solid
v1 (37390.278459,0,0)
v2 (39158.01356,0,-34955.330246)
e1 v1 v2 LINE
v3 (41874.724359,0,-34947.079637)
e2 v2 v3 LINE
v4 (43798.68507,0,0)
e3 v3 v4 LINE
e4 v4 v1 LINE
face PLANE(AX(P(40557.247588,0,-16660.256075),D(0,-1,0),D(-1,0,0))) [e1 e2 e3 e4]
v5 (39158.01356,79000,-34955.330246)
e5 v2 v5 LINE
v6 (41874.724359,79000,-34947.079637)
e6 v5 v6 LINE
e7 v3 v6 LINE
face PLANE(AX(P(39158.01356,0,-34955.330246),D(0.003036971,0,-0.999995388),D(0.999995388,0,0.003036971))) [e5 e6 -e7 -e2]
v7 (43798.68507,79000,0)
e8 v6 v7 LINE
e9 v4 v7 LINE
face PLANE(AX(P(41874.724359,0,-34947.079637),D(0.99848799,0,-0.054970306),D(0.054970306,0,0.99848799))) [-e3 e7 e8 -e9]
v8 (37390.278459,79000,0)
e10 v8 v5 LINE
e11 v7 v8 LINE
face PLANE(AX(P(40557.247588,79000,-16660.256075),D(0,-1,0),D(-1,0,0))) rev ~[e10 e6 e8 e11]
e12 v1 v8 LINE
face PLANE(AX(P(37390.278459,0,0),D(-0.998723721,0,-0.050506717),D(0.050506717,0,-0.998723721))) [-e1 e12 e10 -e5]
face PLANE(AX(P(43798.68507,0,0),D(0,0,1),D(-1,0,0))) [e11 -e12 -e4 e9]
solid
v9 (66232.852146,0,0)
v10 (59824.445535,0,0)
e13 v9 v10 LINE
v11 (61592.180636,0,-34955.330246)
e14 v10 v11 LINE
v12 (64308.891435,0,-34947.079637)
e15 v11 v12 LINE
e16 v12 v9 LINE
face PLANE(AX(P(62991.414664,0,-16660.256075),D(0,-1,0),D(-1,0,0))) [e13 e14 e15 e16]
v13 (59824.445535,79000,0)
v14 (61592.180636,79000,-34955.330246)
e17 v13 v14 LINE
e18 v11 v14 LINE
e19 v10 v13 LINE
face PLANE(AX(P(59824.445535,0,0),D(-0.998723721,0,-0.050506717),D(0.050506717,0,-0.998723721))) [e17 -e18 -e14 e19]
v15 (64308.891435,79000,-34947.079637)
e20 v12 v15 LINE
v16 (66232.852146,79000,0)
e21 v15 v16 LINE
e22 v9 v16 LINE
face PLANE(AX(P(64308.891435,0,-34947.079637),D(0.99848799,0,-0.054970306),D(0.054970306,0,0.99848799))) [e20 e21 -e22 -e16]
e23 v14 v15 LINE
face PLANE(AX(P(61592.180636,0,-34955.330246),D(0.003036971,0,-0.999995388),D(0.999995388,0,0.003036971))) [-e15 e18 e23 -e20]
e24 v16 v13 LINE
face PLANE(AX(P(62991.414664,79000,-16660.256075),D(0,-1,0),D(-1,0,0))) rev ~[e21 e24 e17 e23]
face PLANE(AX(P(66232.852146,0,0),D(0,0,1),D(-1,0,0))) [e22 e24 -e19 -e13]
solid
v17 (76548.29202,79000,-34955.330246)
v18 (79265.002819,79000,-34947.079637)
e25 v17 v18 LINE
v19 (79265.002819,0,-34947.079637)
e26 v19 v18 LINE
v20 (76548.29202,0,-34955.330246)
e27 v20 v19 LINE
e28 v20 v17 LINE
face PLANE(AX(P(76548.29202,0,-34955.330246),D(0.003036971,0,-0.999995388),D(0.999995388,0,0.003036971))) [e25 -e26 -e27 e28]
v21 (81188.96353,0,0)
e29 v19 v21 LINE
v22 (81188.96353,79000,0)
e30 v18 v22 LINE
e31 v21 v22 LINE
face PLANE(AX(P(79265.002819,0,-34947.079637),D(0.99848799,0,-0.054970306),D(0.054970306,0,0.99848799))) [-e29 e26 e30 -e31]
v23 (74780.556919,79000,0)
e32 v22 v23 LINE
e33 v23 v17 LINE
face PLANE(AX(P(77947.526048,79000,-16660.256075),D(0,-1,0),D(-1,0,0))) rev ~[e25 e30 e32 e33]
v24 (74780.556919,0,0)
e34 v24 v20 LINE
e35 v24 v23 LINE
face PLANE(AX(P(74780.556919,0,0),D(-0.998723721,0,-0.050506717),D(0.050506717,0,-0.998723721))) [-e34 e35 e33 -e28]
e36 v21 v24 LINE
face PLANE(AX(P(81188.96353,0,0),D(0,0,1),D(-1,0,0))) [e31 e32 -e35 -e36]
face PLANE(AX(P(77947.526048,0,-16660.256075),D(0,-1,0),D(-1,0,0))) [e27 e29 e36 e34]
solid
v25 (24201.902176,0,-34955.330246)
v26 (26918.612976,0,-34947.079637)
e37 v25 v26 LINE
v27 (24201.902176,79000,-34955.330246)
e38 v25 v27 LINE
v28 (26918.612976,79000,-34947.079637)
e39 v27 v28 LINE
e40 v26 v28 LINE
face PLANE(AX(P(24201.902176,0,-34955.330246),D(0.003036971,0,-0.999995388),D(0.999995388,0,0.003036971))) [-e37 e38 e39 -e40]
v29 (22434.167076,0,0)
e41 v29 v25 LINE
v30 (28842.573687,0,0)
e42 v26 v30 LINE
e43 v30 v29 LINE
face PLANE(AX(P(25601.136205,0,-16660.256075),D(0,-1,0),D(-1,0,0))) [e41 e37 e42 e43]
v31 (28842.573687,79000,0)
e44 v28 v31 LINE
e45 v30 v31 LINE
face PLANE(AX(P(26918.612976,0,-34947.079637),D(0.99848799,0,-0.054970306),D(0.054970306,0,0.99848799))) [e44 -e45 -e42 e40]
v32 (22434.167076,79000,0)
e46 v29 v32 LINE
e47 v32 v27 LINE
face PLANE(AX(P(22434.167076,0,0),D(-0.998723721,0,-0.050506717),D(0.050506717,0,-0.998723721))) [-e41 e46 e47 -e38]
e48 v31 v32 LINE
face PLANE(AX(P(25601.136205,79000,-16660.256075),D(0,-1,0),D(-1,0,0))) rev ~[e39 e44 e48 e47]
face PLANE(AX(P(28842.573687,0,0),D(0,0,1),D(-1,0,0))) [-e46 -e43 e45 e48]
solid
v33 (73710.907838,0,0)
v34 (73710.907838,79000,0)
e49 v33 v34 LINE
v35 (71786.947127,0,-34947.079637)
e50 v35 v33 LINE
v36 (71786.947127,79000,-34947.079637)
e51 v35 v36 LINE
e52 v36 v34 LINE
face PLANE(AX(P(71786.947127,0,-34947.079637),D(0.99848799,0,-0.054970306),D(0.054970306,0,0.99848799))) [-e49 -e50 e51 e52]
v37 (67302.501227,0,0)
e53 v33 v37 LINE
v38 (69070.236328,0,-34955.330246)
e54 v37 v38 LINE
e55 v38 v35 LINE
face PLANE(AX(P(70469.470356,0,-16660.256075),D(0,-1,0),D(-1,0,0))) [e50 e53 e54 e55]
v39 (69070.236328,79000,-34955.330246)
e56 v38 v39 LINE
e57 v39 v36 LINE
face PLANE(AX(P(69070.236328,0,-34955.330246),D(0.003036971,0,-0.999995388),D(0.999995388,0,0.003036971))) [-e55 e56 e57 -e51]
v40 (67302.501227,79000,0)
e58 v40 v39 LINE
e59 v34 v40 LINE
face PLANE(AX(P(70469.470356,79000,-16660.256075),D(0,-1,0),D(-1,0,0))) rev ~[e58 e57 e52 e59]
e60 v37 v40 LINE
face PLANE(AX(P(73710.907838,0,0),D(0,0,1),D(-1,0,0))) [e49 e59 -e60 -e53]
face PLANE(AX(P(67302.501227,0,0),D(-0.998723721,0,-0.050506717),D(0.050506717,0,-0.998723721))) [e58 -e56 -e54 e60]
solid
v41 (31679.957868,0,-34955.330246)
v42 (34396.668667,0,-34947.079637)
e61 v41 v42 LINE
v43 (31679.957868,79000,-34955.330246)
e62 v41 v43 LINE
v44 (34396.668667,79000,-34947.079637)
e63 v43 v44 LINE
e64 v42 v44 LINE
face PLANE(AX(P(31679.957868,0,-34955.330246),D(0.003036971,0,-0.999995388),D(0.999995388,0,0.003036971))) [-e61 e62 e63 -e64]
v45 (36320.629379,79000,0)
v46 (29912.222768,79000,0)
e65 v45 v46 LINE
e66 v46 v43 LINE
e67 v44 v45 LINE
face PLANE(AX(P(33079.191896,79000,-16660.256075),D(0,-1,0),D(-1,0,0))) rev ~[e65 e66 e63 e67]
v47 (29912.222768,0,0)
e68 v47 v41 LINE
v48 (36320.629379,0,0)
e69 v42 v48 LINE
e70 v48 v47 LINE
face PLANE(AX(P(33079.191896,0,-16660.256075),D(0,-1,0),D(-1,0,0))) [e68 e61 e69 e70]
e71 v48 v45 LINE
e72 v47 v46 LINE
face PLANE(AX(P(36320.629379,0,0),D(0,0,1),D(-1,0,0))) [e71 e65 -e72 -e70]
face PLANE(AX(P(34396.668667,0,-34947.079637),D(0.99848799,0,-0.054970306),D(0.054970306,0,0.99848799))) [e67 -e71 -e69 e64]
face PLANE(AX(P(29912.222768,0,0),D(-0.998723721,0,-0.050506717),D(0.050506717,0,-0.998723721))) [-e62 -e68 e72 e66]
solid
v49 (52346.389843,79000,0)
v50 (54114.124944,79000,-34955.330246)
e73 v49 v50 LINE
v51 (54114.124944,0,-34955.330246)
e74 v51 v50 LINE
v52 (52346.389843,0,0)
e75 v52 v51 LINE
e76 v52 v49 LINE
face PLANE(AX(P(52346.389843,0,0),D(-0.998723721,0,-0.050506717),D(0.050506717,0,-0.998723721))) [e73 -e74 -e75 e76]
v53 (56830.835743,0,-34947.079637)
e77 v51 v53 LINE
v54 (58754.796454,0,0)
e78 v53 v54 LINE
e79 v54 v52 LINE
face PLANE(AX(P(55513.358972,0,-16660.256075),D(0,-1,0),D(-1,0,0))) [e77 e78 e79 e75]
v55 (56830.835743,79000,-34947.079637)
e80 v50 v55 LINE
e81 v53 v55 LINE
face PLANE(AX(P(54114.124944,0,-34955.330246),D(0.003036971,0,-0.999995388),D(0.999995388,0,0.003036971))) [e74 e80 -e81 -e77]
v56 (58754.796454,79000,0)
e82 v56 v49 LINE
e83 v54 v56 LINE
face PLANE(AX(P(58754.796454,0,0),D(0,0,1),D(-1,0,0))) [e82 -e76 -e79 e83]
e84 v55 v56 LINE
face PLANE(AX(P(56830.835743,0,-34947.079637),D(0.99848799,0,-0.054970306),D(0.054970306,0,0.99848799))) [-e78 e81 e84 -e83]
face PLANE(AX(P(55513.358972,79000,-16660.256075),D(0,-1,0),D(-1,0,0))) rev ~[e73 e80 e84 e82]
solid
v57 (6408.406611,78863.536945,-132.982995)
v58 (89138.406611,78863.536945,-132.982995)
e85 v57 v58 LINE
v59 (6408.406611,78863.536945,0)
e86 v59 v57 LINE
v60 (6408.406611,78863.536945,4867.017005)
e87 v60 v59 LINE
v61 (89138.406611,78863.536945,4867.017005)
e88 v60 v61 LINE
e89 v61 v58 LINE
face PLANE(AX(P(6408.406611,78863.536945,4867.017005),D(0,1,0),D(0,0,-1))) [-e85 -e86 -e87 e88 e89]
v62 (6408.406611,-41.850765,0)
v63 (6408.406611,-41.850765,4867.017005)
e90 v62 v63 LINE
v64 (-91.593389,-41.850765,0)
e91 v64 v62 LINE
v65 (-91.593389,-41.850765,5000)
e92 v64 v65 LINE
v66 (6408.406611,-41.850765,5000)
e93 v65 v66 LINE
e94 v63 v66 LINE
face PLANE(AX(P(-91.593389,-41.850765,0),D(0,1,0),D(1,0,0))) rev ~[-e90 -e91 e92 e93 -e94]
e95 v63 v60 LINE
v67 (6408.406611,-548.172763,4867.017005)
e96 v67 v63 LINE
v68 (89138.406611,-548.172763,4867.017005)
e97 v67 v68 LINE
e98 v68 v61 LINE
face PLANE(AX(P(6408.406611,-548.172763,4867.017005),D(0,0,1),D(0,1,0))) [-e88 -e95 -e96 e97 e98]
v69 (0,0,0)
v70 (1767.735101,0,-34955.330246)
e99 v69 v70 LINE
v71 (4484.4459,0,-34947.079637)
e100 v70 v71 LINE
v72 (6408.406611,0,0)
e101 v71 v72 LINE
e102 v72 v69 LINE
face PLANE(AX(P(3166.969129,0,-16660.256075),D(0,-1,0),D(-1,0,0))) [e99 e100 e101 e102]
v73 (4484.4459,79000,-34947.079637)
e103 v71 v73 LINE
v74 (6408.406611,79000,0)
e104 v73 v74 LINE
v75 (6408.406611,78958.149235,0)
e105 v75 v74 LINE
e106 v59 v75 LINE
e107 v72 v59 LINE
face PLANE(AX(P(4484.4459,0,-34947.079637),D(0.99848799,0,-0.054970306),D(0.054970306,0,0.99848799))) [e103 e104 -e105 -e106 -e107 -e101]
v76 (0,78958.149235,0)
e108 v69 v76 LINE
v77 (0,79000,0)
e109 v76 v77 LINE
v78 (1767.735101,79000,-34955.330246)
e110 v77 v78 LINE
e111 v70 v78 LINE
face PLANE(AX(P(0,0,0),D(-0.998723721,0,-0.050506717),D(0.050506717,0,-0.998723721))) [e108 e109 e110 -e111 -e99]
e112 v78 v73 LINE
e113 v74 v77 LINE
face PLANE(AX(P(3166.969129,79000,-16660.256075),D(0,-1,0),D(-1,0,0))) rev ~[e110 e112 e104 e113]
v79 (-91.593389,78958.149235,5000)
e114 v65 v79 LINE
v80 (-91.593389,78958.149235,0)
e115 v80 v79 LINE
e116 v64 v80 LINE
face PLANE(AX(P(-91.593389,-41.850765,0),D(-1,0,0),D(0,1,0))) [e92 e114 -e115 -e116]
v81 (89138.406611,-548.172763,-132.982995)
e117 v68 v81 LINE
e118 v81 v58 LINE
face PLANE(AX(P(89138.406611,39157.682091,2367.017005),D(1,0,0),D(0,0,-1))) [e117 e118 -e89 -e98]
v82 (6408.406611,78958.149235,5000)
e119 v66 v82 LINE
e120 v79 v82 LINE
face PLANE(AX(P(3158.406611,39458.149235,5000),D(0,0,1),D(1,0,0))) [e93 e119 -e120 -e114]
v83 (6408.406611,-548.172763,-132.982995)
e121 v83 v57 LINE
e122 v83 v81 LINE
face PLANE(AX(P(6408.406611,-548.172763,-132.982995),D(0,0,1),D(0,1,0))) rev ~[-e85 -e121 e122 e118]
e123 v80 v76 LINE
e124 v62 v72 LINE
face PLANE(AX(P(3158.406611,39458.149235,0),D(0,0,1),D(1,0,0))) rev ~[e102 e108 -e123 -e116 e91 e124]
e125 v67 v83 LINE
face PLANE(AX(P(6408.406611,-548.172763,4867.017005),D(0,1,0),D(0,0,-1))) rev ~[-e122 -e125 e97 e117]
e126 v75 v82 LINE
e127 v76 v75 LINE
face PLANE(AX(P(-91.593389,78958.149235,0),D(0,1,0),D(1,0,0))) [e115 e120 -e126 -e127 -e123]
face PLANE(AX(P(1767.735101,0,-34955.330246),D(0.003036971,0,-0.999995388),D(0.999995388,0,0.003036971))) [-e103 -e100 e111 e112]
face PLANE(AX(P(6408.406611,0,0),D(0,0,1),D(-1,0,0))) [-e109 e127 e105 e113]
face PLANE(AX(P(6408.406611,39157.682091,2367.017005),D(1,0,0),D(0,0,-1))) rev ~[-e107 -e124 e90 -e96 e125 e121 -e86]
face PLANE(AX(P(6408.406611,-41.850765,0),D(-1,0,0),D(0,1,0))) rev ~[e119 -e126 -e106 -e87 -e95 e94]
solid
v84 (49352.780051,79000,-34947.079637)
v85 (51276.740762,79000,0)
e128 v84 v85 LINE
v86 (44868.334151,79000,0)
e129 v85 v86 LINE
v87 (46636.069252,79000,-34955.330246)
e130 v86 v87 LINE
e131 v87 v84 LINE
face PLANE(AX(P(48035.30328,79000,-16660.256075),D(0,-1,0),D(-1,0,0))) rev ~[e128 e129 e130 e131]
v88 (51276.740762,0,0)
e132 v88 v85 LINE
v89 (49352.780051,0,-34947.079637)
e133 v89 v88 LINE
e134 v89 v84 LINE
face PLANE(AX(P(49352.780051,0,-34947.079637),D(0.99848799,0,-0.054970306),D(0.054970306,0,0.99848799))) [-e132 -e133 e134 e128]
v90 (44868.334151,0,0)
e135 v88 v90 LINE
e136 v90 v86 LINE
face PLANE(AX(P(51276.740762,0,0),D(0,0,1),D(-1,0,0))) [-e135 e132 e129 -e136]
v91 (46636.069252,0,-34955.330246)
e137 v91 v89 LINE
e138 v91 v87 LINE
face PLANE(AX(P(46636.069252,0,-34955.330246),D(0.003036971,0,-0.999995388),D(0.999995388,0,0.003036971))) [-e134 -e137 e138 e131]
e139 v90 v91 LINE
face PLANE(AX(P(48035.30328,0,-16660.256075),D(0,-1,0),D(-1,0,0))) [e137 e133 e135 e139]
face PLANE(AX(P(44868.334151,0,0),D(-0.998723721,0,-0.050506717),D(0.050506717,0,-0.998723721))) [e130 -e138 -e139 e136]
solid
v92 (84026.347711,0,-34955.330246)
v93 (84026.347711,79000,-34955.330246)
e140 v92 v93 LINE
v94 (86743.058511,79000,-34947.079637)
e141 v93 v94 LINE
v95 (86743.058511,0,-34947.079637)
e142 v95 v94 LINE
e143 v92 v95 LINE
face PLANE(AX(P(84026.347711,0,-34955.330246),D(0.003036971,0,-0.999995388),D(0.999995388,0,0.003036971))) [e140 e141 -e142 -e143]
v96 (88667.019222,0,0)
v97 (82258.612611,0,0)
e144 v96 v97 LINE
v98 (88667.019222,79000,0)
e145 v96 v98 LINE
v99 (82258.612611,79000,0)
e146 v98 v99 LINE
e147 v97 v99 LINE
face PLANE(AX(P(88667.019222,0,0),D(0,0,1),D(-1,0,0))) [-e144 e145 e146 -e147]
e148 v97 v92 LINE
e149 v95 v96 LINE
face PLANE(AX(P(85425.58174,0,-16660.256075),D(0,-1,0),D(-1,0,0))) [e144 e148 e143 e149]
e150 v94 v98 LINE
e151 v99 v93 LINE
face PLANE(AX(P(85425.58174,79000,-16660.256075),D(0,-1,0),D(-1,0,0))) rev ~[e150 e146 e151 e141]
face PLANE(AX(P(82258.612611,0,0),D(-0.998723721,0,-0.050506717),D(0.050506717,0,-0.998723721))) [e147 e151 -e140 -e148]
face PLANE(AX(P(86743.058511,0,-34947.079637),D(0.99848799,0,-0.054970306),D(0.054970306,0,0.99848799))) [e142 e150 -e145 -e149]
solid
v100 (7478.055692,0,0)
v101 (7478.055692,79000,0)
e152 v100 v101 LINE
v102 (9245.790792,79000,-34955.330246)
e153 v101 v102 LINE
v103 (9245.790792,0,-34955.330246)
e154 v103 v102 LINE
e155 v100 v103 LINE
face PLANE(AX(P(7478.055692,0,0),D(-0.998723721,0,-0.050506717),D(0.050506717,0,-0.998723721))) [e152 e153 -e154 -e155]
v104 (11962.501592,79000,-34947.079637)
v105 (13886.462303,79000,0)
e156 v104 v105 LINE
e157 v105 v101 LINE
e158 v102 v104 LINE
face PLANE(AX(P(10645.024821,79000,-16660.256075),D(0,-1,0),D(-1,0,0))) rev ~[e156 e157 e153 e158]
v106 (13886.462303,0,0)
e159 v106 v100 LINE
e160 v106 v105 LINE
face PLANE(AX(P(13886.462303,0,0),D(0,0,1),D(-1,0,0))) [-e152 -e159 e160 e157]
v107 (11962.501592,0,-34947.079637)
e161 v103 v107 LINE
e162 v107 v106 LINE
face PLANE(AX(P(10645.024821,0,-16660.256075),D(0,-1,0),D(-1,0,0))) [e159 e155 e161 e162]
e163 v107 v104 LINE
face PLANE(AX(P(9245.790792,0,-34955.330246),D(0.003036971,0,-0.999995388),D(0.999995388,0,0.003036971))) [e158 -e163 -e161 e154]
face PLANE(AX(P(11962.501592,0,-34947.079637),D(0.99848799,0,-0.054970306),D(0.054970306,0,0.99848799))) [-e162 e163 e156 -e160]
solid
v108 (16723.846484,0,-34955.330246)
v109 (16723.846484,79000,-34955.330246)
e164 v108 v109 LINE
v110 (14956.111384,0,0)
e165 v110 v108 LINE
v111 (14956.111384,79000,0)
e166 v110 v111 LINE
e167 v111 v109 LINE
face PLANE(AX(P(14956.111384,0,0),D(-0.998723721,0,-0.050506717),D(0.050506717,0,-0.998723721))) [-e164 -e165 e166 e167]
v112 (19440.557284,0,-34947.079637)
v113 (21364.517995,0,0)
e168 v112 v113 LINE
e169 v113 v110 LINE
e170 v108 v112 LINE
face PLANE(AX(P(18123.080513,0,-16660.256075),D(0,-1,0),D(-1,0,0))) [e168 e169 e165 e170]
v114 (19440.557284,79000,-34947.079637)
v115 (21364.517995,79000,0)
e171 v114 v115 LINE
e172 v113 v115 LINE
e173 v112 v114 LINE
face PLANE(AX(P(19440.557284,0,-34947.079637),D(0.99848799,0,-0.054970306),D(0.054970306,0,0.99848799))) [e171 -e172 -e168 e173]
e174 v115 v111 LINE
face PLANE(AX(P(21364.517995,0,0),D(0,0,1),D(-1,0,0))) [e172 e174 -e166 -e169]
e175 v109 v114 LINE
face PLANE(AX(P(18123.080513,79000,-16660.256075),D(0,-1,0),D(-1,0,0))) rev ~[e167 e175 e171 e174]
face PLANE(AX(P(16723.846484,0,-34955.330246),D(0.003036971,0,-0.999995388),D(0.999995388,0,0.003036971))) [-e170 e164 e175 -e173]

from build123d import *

# Parameters (mm, degrees)
BOSS_EXTRUDE2_DEPTH    = 79000
BOSS_EXTRUDE2_2_DEPTH  = 79000
BOSS_EXTRUDE2_3_DEPTH  = 79000
BOSS_EXTRUDE2_4_DEPTH  = 79000
BOSS_EXTRUDE2_5_DEPTH  = 79000
BOSS_EXTRUDE2_6_DEPTH  = 79000
BOSS_EXTRUDE2_7_DEPTH  = 79000
BOSS_EXTRUDE2_8_DEPTH  = 79000
BOSS_EXTRUDE2_9_DEPTH  = 79000
BOSS_EXTRUDE2_10_DEPTH = 79000
BOSS_EXTRUDE2_11_DEPTH = 79000
BOSS_EXTRUDE2_12_DEPTH = 79000
SKETCH1_W              = 6500
SKETCH1_H              = 79000
BOSS_EXTRUDE3_DEPTH    = 5000
SKETCH5_W              = 5000
SKETCH5_H              = 79411.709707549
BOSS_EXTRUDE4_DEPTH    = 82730


with BuildPart() as part:
    # Sketch2 → Boss-Extrude2 (new body)
    with BuildSketch(Plane(origin=(0, 0, 0), x_dir=(1, 0, 0), z_dir=(0, 1, 0))):
        Polygon((0, 0), (1767.735100562, 34955.330246105), (4484.445899835, 34947.079637387), (6408.406611002, 0), align=None)
    extrude(amount=BOSS_EXTRUDE2_DEPTH)

    # Sketch1 → Boss-Extrude3 (add)
    with BuildSketch(Plane.XY):
        with Locations((3158.406611002, 39458.149234792)):
            Rectangle(SKETCH1_W, SKETCH1_H)
    extrude(amount=BOSS_EXTRUDE3_DEPTH)

    # Sketch5 → Boss-Extrude4 (add)
    with BuildSketch(Plane(origin=(6408.406611002, 864.469640722, -1423.254135241), x_dir=(0, 0, -1), z_dir=(1, 0, 0))):
        with Locations((-3790.271139959, 38293.212450306)):
            Rectangle(SKETCH5_W, SKETCH5_H)
    extrude(amount=BOSS_EXTRUDE4_DEPTH)


with BuildPart() as body_2:
    # Sketch2 → Boss-Extrude2 2 (new body)
    with BuildSketch(Plane(origin=(0, 0, 0), x_dir=(1, 0, 0), z_dir=(0, 1, 0))):
        Polygon((7478.055691895, 0), (9245.790792456, 34955.330246105), (11962.50159173, 34947.079637387), (13886.462302897, 0), align=None)
    extrude(amount=BOSS_EXTRUDE2_2_DEPTH)


with BuildPart() as body_3:
    # Sketch2 → Boss-Extrude2 3 (new body)
    with BuildSketch(Plane(origin=(0, 0, 0), x_dir=(1, 0, 0), z_dir=(0, 1, 0))):
        Polygon((14956.111383789, 0), (16723.846484351, 34955.330246105), (19440.557283624, 34947.079637387), (21364.517994792, 0), align=None)
    extrude(amount=BOSS_EXTRUDE2_3_DEPTH)


with BuildPart() as body_4:
    # Sketch2 → Boss-Extrude2 4 (new body)
    with BuildSketch(Plane(origin=(0, 0, 0), x_dir=(1, 0, 0), z_dir=(0, 1, 0))):
        Polygon((22434.167075684, 0), (24201.902176245, 34955.330246105), (26918.612975519, 34947.079637387), (28842.573686686, 0), align=None)
    extrude(amount=BOSS_EXTRUDE2_4_DEPTH)


with BuildPart() as body_5:
    # Sketch2 → Boss-Extrude2 5 (new body)
    with BuildSketch(Plane(origin=(0, 0, 0), x_dir=(1, 0, 0), z_dir=(0, 1, 0))):
        Polygon((29912.222767578, 0), (31679.95786814, 34955.330246105), (34396.668667414, 34947.079637387), (36320.629378581, 0), align=None)
    extrude(amount=BOSS_EXTRUDE2_5_DEPTH)


with BuildPart() as body_6:
    # Sketch2 → Boss-Extrude2 6 (new body)
    with BuildSketch(Plane(origin=(0, 0, 0), x_dir=(1, 0, 0), z_dir=(0, 1, 0))):
        Polygon((37390.278459473, 0), (39158.013560035, 34955.330246105), (41874.724359308, 34947.079637387), (43798.685070475, 0), align=None)
    extrude(amount=BOSS_EXTRUDE2_6_DEPTH)


with BuildPart() as body_7:
    # Sketch2 → Boss-Extrude2 7 (new body)
    with BuildSketch(Plane(origin=(0, 0, 0), x_dir=(1, 0, 0), z_dir=(0, 1, 0))):
        Polygon((44868.334151367, 0), (46636.069251929, 34955.330246105), (49352.780051203, 34947.079637387), (51276.74076237, 0), align=None)
    extrude(amount=BOSS_EXTRUDE2_7_DEPTH)


with BuildPart() as body_8:
    # Sketch2 → Boss-Extrude2 8 (new body)
    with BuildSketch(Plane(origin=(0, 0, 0), x_dir=(1, 0, 0), z_dir=(0, 1, 0))):
        Polygon((52346.389843262, 0), (54114.124943824, 34955.330246105), (56830.835743097, 34947.079637387), (58754.796454264, 0), align=None)
    extrude(amount=BOSS_EXTRUDE2_8_DEPTH)


with BuildPart() as body_9:
    # Sketch2 → Boss-Extrude2 9 (new body)
    with BuildSketch(Plane(origin=(0, 0, 0), x_dir=(1, 0, 0), z_dir=(0, 1, 0))):
        Polygon((59824.445535156, 0), (61592.180635718, 34955.330246105), (64308.891434992, 34947.079637387), (66232.852146159, 0), align=None)
    extrude(amount=BOSS_EXTRUDE2_9_DEPTH)


with BuildPart() as body_10:
    # Sketch2 → Boss-Extrude2 10 (new body)
    with BuildSketch(Plane(origin=(0, 0, 0), x_dir=(1, 0, 0), z_dir=(0, 1, 0))):
        Polygon((67302.501227051, 0), (69070.236327613, 34955.330246105), (71786.947126886, 34947.079637387), (73710.907838053, 0), align=None)
    extrude(amount=BOSS_EXTRUDE2_10_DEPTH)


with BuildPart() as body_11:
    # Sketch2 → Boss-Extrude2 11 (new body)
    with BuildSketch(Plane(origin=(0, 0, 0), x_dir=(1, 0, 0), z_dir=(0, 1, 0))):
        Polygon((74780.556918946, 0), (76548.292019507, 34955.330246105), (79265.002818781, 34947.079637387), (81188.963529948, 0), align=None)
    extrude(amount=BOSS_EXTRUDE2_11_DEPTH)


with BuildPart() as body_12:
    # Sketch2 → Boss-Extrude2 12 (new body)
    with BuildSketch(Plane(origin=(0, 0, 0), x_dir=(1, 0, 0), z_dir=(0, 1, 0))):
        Polygon((82258.61261084, 0), (84026.347711402, 34955.330246105), (86743.058510675, 34947.079637387), (88667.019221843, 0), align=None)
    extrude(amount=BOSS_EXTRUDE2_12_DEPTH)


solid = Compound([part.part, body_2.part, body_3.part, body_4.part, body_5.part, body_6.part, body_7.part, body_8.part, body_9.part, body_10.part, body_11.part, body_12.part])
